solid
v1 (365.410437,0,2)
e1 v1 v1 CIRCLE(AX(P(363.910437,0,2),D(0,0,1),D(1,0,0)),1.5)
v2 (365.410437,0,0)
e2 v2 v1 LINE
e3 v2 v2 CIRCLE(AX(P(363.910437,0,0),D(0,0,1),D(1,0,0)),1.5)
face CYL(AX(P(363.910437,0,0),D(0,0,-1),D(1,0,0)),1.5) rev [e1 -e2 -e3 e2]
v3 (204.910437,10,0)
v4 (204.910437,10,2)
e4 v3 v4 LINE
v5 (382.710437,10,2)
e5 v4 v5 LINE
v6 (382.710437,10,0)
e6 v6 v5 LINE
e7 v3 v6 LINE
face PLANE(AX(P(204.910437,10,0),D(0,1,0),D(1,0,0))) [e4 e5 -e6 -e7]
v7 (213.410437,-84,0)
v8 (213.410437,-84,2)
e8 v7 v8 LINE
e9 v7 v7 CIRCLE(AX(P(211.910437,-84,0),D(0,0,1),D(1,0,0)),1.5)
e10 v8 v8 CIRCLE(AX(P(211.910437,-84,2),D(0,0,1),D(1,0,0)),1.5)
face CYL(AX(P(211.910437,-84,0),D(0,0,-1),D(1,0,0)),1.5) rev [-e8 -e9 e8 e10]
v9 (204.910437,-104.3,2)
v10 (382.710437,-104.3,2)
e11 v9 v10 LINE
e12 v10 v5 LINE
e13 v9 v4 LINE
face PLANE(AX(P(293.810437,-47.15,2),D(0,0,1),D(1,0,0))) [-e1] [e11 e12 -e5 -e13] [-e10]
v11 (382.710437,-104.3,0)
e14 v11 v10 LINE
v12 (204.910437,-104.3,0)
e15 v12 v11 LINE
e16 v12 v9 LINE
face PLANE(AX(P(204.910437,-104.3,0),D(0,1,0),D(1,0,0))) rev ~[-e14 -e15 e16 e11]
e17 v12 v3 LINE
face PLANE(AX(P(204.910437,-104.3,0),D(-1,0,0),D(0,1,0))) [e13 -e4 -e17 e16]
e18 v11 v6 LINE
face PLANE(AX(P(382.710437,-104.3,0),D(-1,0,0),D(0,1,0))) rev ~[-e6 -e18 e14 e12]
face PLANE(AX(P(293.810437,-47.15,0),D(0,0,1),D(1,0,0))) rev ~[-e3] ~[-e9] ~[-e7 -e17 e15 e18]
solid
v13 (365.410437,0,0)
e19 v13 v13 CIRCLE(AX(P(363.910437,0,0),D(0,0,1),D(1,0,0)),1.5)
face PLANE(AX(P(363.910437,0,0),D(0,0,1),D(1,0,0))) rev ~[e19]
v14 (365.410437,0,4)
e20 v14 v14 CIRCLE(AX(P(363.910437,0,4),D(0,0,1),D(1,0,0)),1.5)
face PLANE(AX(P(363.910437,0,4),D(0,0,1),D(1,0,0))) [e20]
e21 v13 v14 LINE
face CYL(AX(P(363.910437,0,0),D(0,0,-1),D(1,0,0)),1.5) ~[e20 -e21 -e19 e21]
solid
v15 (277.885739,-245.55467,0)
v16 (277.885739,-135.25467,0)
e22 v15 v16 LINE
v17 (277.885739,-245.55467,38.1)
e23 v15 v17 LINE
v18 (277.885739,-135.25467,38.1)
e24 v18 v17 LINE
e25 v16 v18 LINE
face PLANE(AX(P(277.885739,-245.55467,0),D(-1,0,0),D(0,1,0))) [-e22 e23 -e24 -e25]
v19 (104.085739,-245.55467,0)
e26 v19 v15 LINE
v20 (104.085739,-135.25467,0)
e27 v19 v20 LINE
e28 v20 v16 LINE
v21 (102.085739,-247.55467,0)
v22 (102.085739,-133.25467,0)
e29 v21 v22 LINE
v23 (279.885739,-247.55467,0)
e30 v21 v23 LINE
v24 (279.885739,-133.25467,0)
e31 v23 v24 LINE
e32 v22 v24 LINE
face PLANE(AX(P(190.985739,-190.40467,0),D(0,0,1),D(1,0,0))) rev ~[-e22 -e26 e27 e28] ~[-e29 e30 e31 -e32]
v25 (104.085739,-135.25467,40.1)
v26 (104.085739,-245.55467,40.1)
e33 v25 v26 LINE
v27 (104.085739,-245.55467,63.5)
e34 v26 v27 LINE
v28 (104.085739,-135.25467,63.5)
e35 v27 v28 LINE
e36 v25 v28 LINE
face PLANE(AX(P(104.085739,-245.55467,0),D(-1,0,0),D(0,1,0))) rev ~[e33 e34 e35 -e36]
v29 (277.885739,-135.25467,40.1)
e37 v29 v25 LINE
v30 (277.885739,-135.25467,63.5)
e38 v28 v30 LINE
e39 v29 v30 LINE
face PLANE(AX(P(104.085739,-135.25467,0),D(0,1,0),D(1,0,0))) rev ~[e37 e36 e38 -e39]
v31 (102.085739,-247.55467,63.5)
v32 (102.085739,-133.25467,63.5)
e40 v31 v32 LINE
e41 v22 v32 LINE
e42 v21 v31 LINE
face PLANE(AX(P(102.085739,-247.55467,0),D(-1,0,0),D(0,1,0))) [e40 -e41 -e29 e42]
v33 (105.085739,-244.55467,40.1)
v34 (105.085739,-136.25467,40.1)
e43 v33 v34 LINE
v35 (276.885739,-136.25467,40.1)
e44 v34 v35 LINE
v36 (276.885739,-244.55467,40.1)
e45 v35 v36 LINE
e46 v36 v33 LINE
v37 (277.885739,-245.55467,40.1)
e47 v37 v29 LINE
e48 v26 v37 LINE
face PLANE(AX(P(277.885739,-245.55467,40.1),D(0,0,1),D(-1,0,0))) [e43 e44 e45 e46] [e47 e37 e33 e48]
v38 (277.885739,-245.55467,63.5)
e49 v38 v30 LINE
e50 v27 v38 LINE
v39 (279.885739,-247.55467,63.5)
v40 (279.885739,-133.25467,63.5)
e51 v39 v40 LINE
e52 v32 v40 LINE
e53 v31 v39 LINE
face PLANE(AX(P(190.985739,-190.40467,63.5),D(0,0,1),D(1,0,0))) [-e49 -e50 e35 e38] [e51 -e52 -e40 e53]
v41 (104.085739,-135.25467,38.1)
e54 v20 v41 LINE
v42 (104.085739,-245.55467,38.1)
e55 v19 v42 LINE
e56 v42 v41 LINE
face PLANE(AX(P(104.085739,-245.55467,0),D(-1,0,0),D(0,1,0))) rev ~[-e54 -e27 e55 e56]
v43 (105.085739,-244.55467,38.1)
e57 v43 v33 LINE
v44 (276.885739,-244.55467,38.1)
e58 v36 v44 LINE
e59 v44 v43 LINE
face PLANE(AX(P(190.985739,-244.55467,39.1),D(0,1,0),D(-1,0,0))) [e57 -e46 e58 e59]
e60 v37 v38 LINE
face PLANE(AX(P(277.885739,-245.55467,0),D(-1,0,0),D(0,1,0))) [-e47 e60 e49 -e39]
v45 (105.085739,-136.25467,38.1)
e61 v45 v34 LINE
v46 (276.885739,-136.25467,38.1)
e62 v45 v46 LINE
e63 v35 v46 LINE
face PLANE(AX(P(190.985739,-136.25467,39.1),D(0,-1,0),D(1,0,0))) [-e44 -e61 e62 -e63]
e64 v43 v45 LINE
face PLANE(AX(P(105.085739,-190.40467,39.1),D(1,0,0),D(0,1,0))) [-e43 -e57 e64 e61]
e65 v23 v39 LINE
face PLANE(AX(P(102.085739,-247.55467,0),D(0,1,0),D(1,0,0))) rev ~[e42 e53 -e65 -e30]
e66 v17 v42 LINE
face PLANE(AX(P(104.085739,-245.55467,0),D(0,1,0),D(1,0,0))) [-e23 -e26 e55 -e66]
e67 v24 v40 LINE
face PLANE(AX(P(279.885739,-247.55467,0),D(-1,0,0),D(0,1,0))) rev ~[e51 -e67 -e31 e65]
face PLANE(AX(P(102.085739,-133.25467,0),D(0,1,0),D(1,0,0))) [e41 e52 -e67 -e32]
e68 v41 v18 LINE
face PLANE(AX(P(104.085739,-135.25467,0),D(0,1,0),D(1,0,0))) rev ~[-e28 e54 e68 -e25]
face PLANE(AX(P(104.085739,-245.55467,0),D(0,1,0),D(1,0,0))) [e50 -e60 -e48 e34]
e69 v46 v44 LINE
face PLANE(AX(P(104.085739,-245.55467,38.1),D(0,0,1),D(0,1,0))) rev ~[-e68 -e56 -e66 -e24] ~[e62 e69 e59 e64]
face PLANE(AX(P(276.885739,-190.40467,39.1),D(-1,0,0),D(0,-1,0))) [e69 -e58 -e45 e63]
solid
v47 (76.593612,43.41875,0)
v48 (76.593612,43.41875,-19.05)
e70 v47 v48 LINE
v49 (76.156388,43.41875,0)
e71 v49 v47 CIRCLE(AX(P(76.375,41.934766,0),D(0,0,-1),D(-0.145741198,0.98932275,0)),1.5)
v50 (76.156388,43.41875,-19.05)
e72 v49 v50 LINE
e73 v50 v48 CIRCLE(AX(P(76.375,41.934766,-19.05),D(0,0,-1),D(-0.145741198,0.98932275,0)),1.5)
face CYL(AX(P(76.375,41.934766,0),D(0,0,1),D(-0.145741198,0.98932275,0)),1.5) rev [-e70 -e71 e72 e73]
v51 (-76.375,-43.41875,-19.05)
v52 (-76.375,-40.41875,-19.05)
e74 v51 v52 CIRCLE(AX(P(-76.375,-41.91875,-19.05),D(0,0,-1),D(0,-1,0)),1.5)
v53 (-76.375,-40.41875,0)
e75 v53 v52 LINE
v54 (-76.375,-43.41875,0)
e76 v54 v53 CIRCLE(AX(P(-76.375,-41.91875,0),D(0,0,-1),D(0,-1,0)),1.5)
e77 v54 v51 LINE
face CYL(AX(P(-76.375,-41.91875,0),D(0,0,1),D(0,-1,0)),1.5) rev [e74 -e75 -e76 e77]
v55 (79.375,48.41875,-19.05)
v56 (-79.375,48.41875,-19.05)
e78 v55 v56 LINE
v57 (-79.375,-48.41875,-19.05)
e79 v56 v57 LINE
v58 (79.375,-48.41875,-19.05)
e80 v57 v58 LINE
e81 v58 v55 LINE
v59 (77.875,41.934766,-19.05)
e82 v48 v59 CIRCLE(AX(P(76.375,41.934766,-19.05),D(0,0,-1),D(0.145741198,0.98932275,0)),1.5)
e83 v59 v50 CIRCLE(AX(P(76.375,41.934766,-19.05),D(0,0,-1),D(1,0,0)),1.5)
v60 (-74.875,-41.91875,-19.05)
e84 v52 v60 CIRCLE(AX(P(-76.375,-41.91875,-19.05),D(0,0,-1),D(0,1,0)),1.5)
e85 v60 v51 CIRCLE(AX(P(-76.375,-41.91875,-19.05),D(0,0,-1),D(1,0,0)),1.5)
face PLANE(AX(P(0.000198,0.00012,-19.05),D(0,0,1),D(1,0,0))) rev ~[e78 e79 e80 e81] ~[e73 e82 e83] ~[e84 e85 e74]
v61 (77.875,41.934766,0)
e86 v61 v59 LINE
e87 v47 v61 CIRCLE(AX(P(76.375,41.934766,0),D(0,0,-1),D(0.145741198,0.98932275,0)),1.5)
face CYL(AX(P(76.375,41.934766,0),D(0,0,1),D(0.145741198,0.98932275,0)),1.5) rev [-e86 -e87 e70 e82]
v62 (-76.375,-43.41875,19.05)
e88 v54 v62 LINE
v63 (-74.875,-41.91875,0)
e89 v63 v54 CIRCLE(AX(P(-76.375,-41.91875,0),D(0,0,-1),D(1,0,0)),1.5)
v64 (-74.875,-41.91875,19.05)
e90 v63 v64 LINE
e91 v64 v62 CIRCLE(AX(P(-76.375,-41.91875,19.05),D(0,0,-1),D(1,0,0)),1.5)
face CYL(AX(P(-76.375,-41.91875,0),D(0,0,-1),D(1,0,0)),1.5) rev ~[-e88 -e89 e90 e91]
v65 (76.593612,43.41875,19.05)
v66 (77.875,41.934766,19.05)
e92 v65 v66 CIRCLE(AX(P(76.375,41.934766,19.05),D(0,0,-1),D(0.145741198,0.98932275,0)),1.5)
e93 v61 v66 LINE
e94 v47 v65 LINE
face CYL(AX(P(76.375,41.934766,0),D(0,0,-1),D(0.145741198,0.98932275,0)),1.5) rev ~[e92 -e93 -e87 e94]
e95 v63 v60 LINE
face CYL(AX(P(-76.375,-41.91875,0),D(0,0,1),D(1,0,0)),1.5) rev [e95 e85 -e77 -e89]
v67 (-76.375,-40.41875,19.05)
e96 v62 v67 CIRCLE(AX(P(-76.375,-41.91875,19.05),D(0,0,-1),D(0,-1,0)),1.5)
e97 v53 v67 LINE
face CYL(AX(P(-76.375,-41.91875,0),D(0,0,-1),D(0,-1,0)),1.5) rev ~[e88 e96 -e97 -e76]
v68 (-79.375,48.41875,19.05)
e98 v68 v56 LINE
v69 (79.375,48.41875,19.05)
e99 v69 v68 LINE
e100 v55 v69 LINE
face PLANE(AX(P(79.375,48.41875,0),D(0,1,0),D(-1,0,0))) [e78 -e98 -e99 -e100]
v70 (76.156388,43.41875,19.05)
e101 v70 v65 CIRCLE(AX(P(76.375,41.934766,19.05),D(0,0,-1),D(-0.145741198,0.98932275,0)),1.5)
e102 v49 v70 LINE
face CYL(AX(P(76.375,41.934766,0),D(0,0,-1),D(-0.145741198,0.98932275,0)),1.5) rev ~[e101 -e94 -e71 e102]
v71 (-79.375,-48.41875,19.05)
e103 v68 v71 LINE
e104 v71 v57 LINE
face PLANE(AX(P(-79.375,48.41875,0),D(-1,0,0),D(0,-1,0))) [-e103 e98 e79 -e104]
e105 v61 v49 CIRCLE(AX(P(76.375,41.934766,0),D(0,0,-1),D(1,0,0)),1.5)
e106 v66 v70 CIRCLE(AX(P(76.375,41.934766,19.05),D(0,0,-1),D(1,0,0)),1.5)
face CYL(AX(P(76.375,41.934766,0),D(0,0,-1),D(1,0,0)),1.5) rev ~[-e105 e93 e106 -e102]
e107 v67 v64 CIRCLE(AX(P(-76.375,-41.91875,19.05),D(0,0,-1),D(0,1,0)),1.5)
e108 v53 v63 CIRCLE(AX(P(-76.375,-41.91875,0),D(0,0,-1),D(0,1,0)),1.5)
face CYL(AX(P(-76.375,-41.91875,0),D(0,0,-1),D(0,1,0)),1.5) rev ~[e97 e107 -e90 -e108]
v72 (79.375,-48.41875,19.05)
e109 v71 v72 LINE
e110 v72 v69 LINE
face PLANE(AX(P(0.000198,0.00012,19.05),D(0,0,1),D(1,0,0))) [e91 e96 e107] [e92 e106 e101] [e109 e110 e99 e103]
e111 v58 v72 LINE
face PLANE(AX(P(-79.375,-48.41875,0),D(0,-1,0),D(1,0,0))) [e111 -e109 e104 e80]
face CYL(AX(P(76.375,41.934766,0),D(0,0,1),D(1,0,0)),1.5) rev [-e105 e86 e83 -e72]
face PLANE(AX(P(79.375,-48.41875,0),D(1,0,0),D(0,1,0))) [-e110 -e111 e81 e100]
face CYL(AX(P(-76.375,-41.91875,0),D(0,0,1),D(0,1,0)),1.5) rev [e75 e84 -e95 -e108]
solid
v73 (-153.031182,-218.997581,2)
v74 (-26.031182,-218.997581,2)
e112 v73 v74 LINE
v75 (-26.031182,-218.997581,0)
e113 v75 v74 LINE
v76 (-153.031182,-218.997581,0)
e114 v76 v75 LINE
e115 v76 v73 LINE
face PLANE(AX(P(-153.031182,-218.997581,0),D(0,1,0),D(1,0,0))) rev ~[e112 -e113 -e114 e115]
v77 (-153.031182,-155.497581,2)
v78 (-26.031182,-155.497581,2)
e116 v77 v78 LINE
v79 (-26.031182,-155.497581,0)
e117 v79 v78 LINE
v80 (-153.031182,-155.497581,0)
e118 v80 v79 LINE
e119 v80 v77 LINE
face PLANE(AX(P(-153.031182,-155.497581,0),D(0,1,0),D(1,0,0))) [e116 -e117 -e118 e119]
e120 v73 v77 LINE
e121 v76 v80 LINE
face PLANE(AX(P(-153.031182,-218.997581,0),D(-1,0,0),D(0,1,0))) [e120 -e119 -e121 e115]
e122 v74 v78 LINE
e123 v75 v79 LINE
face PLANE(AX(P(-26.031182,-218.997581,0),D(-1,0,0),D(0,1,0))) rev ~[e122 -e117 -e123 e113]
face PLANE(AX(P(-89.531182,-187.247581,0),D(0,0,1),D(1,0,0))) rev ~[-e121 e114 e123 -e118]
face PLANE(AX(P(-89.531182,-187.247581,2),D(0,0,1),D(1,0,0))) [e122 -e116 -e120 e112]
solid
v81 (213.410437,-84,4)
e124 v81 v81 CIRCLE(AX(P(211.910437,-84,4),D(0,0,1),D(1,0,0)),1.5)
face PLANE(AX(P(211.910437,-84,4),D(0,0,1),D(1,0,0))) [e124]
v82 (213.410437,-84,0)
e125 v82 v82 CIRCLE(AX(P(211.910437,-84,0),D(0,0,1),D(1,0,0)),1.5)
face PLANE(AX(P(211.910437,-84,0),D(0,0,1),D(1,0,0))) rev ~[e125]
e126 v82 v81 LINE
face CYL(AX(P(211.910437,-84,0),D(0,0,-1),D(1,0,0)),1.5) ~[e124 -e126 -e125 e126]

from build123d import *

# Parameters (mm, degrees)
F1_DEPTH  = 19.05
F2_R      = 1.5
F3_DEPTH  = 4
F2_W      = 177.8
F2_H      = 114.3
F4_DEPTH  = 2
F6_W      = 177.8
F6_H      = 114.3
F6_W_2    = 173.8
F6_H_2    = 110.3
F7_DEPTH  = 63.5
F10_W     = 173.8
F10_H     = 2
F12_DEPTH = 1
F11_W     = 110.3
F11_H     = 2
F13_DEPTH = 1
F9_W      = 110.3
F9_H      = 2
F14_DEPTH = 1
F8_W      = 173.8
F8_H      = 2
F15_DEPTH = 1
F5_W      = 127
F5_H      = 63.5
F16_DEPTH = 2


with BuildPart() as f1:
    # F0 (on Top) → F1 (new body, symmetric)
    with BuildSketch(Plane.XY):
        with BuildLine():
            Line((-79.375, -48.41875), (79.375, -48.41875))
            Line((79.375, -48.41875), (79.375, 40.41875))
            Line((79.375, 40.41875), (73.375, 40.41875))
            Line((73.375, 40.41875), (73.375, 43.41875))
            Line((73.375, 43.41875), (76.1563882031, 43.41875))
            ThreePointArc((76.1563882031, 43.41875), (76.375, 43.4347658753), (76.5936117969, 43.41875))
            Line((76.5936117969, 43.41875), (79.375, 43.41875))
            Line((79.375, 43.41875), (79.375, 48.41875))
            Line((79.375, 48.41875), (-79.375, 48.41875))
            Line((-79.375, 48.41875), (-79.375, -40.41875))
            Line((-79.375, -40.41875), (-76.375, -40.41875))
            Line((-76.375, -40.41875), (-73.375, -40.41875))
            Line((-73.375, -40.41875), (-73.375, -43.41875))
            Line((-73.375, -43.41875), (-76.375, -43.41875))
            Line((-76.375, -43.41875), (-79.375, -43.41875))
            Line((-79.375, -43.41875), (-79.375, -48.41875))
        make_face()
        with BuildLine():
            ThreePointArc((-74.875, -41.91875), (-75.3143398282, -42.9794101718), (-76.375, -43.41875))
            Line((-76.375, -43.41875), (-73.375, -43.41875))
            Line((-73.375, -43.41875), (-73.375, -40.41875))
            Line((-73.375, -40.41875), (-76.375, -40.41875))
            ThreePointArc((-76.375, -40.41875), (-75.3143398282, -40.8580898282), (-74.875, -41.91875))
        make_face()
        with BuildLine():
            Line((-79.375, -40.41875), (-79.375, -43.41875))
            Line((-79.375, -43.41875), (-76.375, -43.41875))
            ThreePointArc((-76.375, -43.41875), (-77.875, -41.91875), (-76.375, -40.41875))
            Line((-76.375, -40.41875), (-79.375, -40.41875))
        make_face()
        with BuildLine():
            Line((73.375, 40.41875), (79.375, 40.41875))
            Line((79.375, 40.41875), (79.375, 43.41875))
            Line((79.375, 43.41875), (76.5936117969, 43.41875))
            ThreePointArc((76.5936117969, 43.41875), (77.5103232349, 42.9150929393), (77.875, 41.9347658753))
            ThreePointArc((77.875, 41.9347658753), (75.3946729361, 40.7994426404), (76.1563882031, 43.41875))
            Line((76.1563882031, 43.41875), (73.375, 43.41875))
            Line((73.375, 43.41875), (73.375, 40.41875))
        make_face()
    extrude(amount=F1_DEPTH, both=True)


with BuildPart() as f3:
    # F2 (on Top) → F3 (new body)
    with BuildSketch(Plane.XY):
        with Locations((211.9104366302, -84)):
            Circle(F2_R)
    extrude(amount=F3_DEPTH)


with BuildPart() as f3b:
    # F2 (on Top) → F3, piece 2 (new body)
    with BuildSketch(Plane.XY):
        with Locations((363.9104366302, 0)):
            Circle(F2_R)
    extrude(amount=F3_DEPTH)


with BuildPart() as f4:
    # F2 (on Top) → F4 (new body)
    with BuildSketch(Plane.XY):
        with Locations((293.8104366302, -47.15)):
            Rectangle(F2_W, F2_H)
        with Locations((211.9104366302, -84)):
            Circle(F2_R, mode=Mode.SUBTRACT)
        with Locations((363.9104366302, 0)):
            Circle(F2_R, mode=Mode.SUBTRACT)
    extrude(amount=F4_DEPTH)


with BuildPart() as f7:
    # F6 (on Top) → F7 (new body)
    with BuildSketch(Plane.XY):
        with Locations((190.9857392311, -190.4046696647)):
            Rectangle(F6_W, F6_H)
        with Locations((190.9857392311, -190.4046696647)):
            Rectangle(F6_W_2, F6_H_2, mode=Mode.SUBTRACT)
    extrude(amount=F7_DEPTH)

    # F10 (on face) → F12 (join)
    with BuildSketch(Plane.XZ.offset(135.2546696647)):
        with Locations((190.9857392311, 39.1)):
            Rectangle(F10_W, F10_H)
    extrude(amount=F12_DEPTH)

    # F11 (on face) → F13 (join)
    with BuildSketch(Plane(origin=(277.8857392311, 0, 0), x_dir=(0, -1, 0), z_dir=(-1, 0, 0))):
        with Locations((190.4046696647, 39.1)):
            Rectangle(F11_W, F11_H)
    extrude(amount=F13_DEPTH)

    # F9 (on face) → F14 (join)
    with BuildSketch(Plane.YZ.offset(104.0857392311)):
        with Locations((-190.4046696647, 39.1)):
            Rectangle(F9_W, F9_H)
    extrude(amount=F14_DEPTH)

    # F8 (on face) → F15 (join)
    with BuildSketch(Plane(origin=(0, -245.5546696647, 0), x_dir=(-1, 0, 0), z_dir=(0, 1, 0))):
        with Locations((-190.9857392311, 39.1)):
            Rectangle(F8_W, F8_H)
    extrude(amount=F15_DEPTH)


with BuildPart() as f16:
    # F5 (on Top) → F16 (new body)
    with BuildSketch(Plane.XY):
        with Locations((-89.5311820786, -187.2475810379)):
            Rectangle(F5_W, F5_H)
    extrude(amount=F16_DEPTH)


solid = Compound([f1.part, f3.part, f3b.part, f4.part, f7.part, f16.part])
